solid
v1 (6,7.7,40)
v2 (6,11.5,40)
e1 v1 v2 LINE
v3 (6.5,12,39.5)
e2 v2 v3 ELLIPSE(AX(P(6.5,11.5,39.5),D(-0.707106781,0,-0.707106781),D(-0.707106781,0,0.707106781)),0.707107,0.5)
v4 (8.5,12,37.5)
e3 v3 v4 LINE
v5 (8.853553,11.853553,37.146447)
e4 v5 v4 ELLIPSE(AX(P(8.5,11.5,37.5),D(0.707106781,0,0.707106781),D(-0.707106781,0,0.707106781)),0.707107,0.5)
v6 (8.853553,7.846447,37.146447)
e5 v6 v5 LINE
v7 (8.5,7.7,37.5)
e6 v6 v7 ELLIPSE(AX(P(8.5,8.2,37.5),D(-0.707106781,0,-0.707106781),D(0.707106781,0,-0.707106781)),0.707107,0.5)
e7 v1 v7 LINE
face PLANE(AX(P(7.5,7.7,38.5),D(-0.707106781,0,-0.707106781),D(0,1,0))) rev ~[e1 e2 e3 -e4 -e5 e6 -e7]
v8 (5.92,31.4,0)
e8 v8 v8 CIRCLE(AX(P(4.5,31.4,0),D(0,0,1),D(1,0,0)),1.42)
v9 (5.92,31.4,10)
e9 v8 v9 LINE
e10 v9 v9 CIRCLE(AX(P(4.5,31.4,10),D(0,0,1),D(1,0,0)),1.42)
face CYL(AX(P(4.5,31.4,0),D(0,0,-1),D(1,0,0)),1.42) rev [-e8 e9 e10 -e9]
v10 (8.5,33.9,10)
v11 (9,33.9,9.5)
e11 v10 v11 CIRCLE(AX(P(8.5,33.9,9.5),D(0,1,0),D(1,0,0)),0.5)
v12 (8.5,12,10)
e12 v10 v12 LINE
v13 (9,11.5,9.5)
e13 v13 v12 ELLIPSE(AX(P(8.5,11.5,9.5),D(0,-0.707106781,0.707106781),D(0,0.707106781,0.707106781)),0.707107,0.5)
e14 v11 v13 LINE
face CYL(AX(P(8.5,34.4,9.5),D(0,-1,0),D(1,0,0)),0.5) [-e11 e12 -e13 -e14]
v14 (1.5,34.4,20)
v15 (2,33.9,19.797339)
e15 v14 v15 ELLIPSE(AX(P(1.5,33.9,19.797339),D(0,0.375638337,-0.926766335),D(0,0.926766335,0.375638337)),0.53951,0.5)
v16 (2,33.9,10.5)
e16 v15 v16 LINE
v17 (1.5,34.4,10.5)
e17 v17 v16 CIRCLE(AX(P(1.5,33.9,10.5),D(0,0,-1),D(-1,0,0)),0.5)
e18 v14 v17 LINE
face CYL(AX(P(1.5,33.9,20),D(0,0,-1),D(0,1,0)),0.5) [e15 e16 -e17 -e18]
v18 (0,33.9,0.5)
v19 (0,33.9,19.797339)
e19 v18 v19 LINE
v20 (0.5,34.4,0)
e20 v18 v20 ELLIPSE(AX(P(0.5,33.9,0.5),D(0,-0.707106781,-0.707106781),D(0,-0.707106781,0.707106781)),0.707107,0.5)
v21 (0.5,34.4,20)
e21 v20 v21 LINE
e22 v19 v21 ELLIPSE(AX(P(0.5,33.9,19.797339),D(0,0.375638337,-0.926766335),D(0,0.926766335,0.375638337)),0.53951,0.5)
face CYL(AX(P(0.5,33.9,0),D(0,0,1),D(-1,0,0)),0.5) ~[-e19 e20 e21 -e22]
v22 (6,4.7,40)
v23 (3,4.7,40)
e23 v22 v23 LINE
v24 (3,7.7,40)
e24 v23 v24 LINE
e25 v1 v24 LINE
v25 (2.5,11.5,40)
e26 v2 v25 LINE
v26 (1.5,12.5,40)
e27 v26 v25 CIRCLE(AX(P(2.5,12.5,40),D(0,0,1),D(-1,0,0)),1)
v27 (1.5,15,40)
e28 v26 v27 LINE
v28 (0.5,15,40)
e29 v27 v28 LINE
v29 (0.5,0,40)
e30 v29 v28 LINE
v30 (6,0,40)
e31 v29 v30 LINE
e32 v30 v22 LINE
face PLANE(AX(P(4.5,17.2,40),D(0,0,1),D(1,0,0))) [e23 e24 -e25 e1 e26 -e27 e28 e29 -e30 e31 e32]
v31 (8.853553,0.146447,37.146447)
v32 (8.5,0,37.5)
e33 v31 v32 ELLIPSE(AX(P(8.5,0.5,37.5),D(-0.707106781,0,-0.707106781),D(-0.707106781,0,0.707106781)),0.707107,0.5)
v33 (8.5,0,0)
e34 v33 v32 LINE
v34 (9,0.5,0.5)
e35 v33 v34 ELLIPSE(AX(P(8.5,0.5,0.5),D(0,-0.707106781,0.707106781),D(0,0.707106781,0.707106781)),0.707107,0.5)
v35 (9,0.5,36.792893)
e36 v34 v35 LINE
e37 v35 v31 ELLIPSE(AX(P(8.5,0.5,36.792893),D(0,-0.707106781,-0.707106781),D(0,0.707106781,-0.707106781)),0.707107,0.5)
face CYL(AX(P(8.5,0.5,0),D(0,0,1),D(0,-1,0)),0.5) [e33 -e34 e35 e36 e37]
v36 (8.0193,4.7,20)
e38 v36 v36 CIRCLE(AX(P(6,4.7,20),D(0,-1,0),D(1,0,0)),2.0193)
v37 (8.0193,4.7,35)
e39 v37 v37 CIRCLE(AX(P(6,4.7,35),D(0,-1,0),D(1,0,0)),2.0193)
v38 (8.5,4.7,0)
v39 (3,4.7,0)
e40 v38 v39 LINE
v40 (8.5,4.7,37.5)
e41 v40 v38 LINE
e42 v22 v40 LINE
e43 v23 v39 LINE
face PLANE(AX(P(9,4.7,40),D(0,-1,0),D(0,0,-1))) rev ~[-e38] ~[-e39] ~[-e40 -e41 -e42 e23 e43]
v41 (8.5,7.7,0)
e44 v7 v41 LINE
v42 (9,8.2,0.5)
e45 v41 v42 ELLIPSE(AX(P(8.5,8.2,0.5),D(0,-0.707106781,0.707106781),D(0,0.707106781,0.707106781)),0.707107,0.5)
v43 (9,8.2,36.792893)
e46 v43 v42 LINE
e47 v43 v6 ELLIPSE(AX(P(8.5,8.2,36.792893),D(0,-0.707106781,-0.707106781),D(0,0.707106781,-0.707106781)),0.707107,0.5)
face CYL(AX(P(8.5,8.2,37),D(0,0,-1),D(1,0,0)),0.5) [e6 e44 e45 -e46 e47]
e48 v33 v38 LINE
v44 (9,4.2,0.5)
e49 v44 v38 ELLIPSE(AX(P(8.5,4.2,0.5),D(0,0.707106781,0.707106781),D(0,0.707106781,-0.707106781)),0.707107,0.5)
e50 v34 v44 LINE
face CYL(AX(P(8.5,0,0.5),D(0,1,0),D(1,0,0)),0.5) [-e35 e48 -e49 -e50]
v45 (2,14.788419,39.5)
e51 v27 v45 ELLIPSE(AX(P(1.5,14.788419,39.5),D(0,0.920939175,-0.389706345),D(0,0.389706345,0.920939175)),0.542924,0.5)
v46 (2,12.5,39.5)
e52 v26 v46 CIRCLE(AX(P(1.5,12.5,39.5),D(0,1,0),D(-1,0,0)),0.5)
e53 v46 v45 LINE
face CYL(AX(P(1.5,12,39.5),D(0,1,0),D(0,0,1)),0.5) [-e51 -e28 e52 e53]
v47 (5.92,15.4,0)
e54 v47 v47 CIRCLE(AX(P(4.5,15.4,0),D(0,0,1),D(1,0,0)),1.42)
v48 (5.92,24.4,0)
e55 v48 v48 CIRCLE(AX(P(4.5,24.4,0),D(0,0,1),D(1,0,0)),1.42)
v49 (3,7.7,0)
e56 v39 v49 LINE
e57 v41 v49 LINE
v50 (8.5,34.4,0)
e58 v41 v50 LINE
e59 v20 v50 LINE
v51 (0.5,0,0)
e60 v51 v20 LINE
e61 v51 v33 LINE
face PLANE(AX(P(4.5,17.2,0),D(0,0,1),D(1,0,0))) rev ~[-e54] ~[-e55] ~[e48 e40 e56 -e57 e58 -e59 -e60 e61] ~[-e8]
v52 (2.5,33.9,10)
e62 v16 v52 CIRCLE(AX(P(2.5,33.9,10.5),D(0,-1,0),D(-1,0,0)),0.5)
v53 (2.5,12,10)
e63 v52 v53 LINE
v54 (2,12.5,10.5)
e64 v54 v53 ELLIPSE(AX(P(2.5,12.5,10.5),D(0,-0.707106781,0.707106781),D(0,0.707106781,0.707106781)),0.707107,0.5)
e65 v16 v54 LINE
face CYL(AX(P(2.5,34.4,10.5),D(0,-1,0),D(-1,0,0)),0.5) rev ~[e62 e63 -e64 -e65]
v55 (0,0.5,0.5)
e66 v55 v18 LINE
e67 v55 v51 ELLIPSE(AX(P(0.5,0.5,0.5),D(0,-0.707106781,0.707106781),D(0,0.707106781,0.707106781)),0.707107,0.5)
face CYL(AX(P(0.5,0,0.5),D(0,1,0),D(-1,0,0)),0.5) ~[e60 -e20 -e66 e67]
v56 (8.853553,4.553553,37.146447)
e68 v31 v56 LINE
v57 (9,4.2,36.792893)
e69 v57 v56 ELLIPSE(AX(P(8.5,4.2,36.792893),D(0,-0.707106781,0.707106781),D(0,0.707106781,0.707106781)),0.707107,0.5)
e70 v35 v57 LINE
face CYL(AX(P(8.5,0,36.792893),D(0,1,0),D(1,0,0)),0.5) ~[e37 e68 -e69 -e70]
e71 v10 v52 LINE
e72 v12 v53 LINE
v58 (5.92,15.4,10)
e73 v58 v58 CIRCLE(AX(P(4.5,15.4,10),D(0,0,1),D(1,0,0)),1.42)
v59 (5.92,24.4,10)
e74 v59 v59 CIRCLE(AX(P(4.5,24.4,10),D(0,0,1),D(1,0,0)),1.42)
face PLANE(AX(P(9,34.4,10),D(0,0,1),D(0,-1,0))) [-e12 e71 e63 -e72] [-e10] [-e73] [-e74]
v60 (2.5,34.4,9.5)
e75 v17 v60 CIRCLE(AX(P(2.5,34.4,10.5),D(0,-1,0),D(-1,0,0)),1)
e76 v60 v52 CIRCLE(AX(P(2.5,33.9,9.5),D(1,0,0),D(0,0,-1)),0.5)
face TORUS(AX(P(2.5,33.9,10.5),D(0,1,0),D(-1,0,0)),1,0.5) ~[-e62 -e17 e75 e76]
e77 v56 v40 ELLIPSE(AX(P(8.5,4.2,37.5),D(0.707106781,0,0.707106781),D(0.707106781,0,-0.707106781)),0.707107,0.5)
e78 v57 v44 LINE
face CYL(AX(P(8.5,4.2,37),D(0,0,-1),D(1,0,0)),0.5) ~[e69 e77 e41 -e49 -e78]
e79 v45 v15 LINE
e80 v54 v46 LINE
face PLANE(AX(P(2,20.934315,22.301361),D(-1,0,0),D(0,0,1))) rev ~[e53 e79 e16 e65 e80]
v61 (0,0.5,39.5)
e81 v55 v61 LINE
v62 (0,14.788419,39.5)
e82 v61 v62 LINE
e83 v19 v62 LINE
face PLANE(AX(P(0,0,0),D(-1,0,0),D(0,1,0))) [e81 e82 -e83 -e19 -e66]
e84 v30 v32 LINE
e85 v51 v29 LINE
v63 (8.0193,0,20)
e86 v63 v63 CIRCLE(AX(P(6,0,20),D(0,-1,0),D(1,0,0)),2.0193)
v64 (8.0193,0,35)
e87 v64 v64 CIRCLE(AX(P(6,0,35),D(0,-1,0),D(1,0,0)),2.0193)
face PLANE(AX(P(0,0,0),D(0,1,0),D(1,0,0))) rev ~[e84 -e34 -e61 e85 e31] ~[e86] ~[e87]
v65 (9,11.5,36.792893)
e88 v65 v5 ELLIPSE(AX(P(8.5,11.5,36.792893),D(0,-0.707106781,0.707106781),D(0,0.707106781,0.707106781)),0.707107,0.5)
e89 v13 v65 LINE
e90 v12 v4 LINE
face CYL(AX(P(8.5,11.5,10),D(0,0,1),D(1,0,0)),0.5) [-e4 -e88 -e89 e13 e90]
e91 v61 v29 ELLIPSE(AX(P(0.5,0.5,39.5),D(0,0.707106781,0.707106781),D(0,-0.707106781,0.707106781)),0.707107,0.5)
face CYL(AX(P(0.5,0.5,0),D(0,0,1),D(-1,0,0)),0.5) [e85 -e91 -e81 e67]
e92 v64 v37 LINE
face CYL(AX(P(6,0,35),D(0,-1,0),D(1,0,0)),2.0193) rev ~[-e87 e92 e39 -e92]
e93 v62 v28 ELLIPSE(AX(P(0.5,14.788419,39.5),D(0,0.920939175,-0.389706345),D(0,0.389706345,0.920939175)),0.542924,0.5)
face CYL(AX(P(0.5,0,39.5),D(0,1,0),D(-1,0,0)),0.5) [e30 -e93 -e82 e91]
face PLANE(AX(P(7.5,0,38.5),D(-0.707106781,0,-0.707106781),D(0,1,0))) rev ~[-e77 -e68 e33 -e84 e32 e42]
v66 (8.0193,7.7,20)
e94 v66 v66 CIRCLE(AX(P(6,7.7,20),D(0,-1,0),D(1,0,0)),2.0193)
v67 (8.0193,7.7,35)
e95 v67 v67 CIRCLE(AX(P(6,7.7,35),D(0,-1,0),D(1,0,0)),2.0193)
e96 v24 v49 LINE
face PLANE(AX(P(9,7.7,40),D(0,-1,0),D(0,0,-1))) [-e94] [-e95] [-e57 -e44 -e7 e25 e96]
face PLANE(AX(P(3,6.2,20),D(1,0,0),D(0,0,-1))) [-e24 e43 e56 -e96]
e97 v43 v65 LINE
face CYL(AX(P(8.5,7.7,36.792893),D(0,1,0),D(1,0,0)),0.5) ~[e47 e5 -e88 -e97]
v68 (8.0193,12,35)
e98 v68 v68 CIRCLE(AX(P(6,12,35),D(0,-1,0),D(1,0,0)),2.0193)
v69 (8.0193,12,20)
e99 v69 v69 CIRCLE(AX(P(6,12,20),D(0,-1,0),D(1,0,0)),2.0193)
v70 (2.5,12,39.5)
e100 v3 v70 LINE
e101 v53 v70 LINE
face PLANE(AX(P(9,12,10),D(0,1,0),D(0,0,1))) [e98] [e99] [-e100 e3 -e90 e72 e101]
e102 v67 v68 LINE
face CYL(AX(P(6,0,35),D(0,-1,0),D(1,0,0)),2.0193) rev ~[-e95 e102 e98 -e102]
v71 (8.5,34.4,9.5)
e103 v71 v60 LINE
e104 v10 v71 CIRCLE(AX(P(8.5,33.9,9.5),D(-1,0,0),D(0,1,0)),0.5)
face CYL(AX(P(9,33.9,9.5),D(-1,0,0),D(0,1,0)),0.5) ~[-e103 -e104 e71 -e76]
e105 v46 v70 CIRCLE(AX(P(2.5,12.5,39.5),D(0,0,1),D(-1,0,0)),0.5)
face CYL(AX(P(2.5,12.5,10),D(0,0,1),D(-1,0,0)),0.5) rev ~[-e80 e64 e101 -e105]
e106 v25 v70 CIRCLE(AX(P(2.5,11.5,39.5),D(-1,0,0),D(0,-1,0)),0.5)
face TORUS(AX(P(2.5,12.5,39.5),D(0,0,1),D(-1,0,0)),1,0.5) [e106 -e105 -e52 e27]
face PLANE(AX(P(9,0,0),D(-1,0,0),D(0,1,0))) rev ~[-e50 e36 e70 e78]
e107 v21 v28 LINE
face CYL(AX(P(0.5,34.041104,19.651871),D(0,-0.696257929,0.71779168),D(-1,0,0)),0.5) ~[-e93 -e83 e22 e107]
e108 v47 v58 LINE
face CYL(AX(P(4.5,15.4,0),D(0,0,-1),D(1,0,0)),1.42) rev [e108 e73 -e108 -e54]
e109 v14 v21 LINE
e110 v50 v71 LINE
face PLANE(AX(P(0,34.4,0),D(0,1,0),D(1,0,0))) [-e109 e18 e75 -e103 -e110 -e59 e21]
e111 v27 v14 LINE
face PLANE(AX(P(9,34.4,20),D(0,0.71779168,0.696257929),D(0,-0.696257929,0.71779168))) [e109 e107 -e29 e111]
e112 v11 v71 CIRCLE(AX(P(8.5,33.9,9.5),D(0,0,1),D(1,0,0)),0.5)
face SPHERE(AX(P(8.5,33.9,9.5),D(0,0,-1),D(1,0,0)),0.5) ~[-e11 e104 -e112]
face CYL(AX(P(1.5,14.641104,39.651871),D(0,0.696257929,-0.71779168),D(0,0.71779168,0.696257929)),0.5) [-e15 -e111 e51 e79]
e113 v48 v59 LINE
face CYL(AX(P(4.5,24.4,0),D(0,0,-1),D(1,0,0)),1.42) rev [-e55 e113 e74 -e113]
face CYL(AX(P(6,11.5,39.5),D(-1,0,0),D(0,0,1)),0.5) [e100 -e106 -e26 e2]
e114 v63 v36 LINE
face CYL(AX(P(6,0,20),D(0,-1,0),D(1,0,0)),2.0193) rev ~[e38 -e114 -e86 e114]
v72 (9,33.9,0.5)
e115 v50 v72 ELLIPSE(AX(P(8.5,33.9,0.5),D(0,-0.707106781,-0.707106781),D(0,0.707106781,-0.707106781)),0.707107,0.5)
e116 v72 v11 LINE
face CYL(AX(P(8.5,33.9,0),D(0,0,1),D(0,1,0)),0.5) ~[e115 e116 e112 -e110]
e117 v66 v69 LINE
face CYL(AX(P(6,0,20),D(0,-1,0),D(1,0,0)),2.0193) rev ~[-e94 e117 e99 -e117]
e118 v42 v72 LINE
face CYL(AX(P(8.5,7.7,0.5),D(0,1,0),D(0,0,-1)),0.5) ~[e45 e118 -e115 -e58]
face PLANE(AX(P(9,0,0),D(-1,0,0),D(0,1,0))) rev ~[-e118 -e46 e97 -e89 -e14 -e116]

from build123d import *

# Parameters (mm, degrees)
SKETCH1_W           = 9
SKETCH1_H           = 34.4
SKETCH1_R           = 1.42
BOSS_EXTRUDE1_DEPTH = 40
SKETCH1_3_R         = 1.42
CUT_EXTRUDE1_DEPTH  = 10
SKETCH2_W           = 40
SKETCH2_H           = 3
CUT_EXTRUDE2_DEPTH  = 6
CUT_EXTRUDE3_DEPTH  = 9
CUT_EXTRUDE6_DEPTH  = 7
SKETCH6_R           = 2.0193
CUT_EXTRUDE5_DEPTH  = 20
FILLET2_R           = 0.5
CHAMFER4_SIZE       = 3
FILLET3_R           = 0.5


with BuildPart() as part:
    # Sketch1 → Boss-Extrude1 (new body)
    with BuildSketch(Plane.XY):
        with Locations((4.5, 17.2)):
            Rectangle(SKETCH1_W, SKETCH1_H)
        with Locations((4.5, 15.4)):
            Circle(SKETCH1_R, mode=Mode.SUBTRACT)
        with Locations((4.5, 24.4)):
            Circle(SKETCH1_R, mode=Mode.SUBTRACT)
        with Locations((4.5, 24.4)):
            Circle(SKETCH1_R)
        with Locations((4.5, 15.4)):
            Circle(SKETCH1_R)
        with Locations((4.5, 31.4)):
            Circle(SKETCH1_R)
    extrude(amount=BOSS_EXTRUDE1_DEPTH)

    # Sketch1<3> → Cut-Extrude1 (cut)
    with BuildSketch(Plane.XY):
        with Locations((4.5, 24.4)):
            Circle(SKETCH1_3_R)
        with Locations((4.5, 31.4)):
            Circle(SKETCH1_3_R)
        with Locations((4.5, 15.4)):
            Circle(SKETCH1_3_R)
    extrude(amount=CUT_EXTRUDE1_DEPTH, mode=Mode.SUBTRACT)

    # Sketch2 → Cut-Extrude2 (cut)
    with BuildSketch(Plane(origin=(9, 0, 0), x_dir=(0, 0, -1), z_dir=(1, 0, 0))):
        with Locations((-20, 6.2)):
            Rectangle(SKETCH2_W, SKETCH2_H)
    extrude(amount=-CUT_EXTRUDE2_DEPTH, mode=Mode.SUBTRACT)

    # Sketch3 → Cut-Extrude3 (cut)
    with BuildSketch(Plane(origin=(9, 0, 0), x_dir=(0, 0, -1), z_dir=(1, 0, 0))):
        Polygon((-20, 34.4), (-40, 15), (-48.379363257, 51.913157268), align=None)
    extrude(amount=-CUT_EXTRUDE3_DEPTH, mode=Mode.SUBTRACT)

    # Sketch5 → Cut-Extrude6 (cut)
    with BuildSketch(Plane.ZY.offset(-9)):
        Polygon((20, 34.4), (10, 34.4), (10, 12), (40, 12), (40, 15), align=None)
    extrude(amount=CUT_EXTRUDE6_DEPTH, mode=Mode.SUBTRACT)

    # Sketch6 → Cut-Extrude5 (cut)
    with BuildSketch(Plane.XZ):
        with Locations((6, 35)):
            Circle(SKETCH6_R)
        with Locations((6, 20)):
            Circle(SKETCH6_R)
    extrude(amount=-CUT_EXTRUDE5_DEPTH, mode=Mode.SUBTRACT)

    # Fillet2
    fillet2_edges = [part.edges().sort_by_distance(p)[0] for p in [
        (0, 0, 20),
        (0, 7.5, 40),
        (0, 34.4, 10),
        (0, 24.7, 30),
        (0, 17.2, 0),
    ]]
    fillet(fillet2_edges, radius=FILLET2_R)

    # Chamfer4
    chamfer4_edges = [part.edges().sort_by_distance(p)[0] for p in [
        (9, 2.35, 40),
        (9, 9.85, 40),
    ]]
    chamfer(chamfer4_edges, length=CHAMFER4_SIZE)

    # Fillet3
    fillet3_edges = [part.edges().sort_by_distance(p)[0] for p in [
        (9, 4.7, 18.5),
        (9, 0, 18.5),
        (9, 2.35, 37),
        (9, 9.85, 37),
        (9, 21.05, 0),
        (9, 7.7, 18.5),
        (9, 34.4, 5),
        (9, 12, 23.5),
        (2, 13.5, 40),
        (4, 12, 40),
        (2, 24.7, 30),
        (2, 34.4, 15),
        (9, 23.2, 10),
        (5.5, 34.4, 10),
        (2, 12, 25),
        (2, 23.2, 10),
        (9, 2.35, 0),
    ]]
    fillet(fillet3_edges, radius=FILLET3_R)


solid = part.part
